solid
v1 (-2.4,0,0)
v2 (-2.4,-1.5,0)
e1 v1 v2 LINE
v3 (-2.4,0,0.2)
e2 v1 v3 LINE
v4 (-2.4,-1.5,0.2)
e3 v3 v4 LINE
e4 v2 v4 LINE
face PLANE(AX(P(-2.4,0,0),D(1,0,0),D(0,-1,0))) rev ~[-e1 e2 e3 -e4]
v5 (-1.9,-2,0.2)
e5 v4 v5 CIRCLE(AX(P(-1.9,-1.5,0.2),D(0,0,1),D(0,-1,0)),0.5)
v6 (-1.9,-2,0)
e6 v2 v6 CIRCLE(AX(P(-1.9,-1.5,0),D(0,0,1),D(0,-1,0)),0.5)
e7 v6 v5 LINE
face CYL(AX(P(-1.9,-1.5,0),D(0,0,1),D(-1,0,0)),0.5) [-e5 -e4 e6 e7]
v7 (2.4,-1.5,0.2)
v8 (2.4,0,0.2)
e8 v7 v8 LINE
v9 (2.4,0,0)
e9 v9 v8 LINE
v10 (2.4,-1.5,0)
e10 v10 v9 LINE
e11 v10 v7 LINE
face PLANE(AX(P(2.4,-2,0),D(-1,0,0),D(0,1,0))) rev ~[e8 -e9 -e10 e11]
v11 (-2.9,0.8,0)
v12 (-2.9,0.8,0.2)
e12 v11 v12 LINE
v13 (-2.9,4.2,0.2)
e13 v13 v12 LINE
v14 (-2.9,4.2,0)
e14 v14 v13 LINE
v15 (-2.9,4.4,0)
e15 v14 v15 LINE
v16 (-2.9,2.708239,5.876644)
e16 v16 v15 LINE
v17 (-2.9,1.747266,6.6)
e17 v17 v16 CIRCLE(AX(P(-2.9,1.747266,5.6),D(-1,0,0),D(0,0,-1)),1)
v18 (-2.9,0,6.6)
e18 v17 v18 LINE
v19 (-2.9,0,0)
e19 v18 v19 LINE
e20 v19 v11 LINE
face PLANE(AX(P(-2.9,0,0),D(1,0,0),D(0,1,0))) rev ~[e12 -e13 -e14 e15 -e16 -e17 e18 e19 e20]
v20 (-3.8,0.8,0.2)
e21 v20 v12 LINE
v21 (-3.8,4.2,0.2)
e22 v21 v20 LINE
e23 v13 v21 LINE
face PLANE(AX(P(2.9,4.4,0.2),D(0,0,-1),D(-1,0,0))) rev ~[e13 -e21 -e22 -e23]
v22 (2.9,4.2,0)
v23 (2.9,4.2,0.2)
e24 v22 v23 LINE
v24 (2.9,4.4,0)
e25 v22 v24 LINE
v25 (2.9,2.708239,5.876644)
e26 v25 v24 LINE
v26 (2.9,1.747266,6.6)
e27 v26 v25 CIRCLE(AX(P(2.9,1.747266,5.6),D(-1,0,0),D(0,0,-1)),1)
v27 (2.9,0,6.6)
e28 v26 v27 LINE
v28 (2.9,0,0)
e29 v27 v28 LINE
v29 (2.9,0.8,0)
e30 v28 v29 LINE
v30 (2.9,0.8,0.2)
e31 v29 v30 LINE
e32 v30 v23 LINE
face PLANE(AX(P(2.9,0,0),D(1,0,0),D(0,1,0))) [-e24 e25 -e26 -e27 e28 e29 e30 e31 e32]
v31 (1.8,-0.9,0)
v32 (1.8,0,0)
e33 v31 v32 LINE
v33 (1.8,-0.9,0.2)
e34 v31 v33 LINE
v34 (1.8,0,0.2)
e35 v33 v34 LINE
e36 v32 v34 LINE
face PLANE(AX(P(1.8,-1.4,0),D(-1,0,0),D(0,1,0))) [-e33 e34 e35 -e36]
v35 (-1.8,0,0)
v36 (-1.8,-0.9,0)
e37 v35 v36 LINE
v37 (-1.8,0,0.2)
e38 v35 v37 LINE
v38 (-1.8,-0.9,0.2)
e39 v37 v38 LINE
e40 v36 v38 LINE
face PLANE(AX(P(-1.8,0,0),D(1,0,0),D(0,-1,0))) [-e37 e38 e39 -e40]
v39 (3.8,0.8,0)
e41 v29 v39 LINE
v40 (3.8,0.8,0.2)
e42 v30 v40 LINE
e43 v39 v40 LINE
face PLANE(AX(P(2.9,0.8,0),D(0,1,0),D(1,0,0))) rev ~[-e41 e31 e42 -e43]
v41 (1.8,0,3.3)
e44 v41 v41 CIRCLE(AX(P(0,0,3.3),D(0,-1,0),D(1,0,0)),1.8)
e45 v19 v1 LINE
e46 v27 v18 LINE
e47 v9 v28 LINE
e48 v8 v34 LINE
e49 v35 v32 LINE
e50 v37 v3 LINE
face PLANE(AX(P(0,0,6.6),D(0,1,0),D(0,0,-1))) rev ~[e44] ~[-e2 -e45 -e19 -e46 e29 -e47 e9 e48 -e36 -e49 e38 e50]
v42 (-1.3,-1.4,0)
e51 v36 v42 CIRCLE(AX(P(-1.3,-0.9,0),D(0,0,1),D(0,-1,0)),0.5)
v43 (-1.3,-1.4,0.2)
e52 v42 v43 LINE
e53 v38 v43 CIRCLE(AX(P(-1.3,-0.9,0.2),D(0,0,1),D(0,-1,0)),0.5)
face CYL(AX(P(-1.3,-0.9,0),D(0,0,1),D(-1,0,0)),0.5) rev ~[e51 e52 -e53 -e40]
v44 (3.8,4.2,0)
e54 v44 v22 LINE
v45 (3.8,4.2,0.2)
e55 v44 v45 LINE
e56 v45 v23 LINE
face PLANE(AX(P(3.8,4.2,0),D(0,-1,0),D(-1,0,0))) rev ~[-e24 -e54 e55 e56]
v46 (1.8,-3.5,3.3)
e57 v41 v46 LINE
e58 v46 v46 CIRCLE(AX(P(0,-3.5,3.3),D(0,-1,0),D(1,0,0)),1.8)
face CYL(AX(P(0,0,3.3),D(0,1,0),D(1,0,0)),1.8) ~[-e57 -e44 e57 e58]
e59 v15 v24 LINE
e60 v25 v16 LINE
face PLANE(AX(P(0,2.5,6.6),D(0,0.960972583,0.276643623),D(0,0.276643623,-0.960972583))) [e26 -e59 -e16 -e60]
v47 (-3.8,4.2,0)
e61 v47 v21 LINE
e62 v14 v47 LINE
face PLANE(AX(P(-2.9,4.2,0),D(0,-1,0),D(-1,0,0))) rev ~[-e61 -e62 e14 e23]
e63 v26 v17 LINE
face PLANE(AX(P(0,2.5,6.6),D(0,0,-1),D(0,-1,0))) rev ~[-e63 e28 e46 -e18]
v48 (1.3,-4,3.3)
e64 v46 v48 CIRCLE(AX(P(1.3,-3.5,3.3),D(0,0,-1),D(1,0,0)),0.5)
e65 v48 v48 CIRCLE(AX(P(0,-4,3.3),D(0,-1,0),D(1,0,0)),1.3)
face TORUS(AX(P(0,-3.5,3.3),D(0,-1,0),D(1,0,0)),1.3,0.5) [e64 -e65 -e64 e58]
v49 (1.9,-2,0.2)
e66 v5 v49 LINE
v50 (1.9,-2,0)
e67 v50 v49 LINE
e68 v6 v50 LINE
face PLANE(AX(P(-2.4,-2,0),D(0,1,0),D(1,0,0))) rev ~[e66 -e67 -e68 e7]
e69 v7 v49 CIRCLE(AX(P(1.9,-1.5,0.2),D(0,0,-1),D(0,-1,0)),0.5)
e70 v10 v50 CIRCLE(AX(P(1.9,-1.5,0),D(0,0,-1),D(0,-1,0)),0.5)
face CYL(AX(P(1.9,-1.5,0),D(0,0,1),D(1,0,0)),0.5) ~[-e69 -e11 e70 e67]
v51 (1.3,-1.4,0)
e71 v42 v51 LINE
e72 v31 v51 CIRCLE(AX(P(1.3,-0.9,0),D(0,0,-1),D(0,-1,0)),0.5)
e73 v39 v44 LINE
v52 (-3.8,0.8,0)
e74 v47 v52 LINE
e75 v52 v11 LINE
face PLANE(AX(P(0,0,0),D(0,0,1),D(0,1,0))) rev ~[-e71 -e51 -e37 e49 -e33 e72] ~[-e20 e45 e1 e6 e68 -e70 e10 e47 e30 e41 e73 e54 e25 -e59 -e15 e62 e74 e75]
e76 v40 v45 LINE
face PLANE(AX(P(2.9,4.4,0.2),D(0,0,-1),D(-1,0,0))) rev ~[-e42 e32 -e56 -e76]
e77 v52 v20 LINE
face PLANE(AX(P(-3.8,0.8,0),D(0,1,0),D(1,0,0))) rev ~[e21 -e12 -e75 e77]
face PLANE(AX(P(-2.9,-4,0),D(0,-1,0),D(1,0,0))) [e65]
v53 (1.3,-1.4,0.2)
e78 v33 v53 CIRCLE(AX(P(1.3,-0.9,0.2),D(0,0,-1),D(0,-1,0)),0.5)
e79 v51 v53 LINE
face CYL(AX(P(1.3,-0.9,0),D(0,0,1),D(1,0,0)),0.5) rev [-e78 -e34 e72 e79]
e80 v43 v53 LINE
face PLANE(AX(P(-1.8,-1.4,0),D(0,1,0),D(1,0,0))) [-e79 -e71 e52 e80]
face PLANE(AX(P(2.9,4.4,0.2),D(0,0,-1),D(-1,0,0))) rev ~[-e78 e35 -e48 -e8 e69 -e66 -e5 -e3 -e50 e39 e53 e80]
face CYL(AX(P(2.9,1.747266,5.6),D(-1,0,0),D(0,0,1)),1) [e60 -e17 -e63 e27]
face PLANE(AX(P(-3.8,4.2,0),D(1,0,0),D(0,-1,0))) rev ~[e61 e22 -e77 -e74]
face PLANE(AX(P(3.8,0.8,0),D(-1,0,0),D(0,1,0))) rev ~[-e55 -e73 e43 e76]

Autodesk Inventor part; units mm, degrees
ref_plane "YZ Plane" through (0, 0, 0) normal (1, 0, 0) x (0, 1, 0)
ref_plane "XZ Plane" through (0, 0, 0) normal (0, 1, 0) x (-1, 0, 0)
ref_plane "XY Plane" through (0, 0, 0) normal (0, 0, 1) x (1, 0, 0)
sketch "Skizze2" plane through (0, 0, 0) normal (1, 0, 0) x (0, 1, 0)
  line L0 (0, 0) -> (4.4, 0)
  line L1 (2.5, 6.6) -> (0, 6.6)
  line L2 (0, 6.6) -> (0, 0)
  line L3 (2.5, 6.6) -> (4.4, 0)
  line L4 (-0.88, 0) -> (5.28, 0) projected
  line L5 (0, 7.92) -> (0, -1.32) projected
  dimension "d2" = 6.6
  dimension "d3" = 2.5
  dimension "d4" = 4.4
extrude "Extrusion1" add sketch "Skizze2" along normal mid plane 5.8
sketch "Skizze3" plane through (-2.9, 0, 0) normal (0, -1, 0) x (1, 0, 0)
  line L0 (5.8, 0) -> (0, 0) projected
  line L1 (5.8, 6.6) -> (5.8, 0) projected
  line L2 (0, 6.6) -> (5.8, 6.6) projected
  line L3 (0, 0) -> (0, 6.6) projected
  line L4 (0, 6.6) -> (0, 0) construction
  line L5 (0, 3.3) -> (5.8, 3.3) construction
  line L6 (5.8, 0) -> (5.8, 6.6) construction
  line L7 (0, 6.6) -> (5.8, 6.6) construction
  line L8 (2.9, 6.6) -> (2.9, 0) construction
  circle A0 centre (2.9, 3.3) radius 1.8
  dimension "d7" = 3.6
extrude "Extrusion2" add sketch "Skizze3" along normal blind 4 contours A0
sketch "Skizze4" plane through (2.9, 4.4, 0) normal (0, 0, -1) x (-1, 0, 0)
  line L0 (5.8, 0) -> (0, 0) projected
  line L1 (0, -4.4) -> (0, 0) projected
  line L2 (0, -4.4) -> (5.8, -4.4) projected
  line L3 (5.8, 0) -> (5.8, -4.4) projected
  line L4 (0, -4.4) -> (0, 0) projected
  line L5 (0, -3.6) -> (-0.9, -3.6)
  line L6 (-0.9, -3.6) -> (-0.9, -0.2)
  line L7 (-0.9, -0.2) -> (0, -0.2)
  line L8 (0, -0.2) -> (0, -3.6)
  line L9 (5.8, -4.4) -> (0, -4.4) projected
  line L10 (5.3, -4.4) -> (5.3, -6.4)
  line L11 (5.3, -6.4) -> (0.5, -6.4)
  line L12 (0.5, -6.4) -> (0.5, -4.4)
  line L13 (2.9, -4.4) -> (2.9, 0) construction
  line L14 (5.8, 0) -> (0, 0) construction
  line L15 (4.7, -4.4) -> (4.7, -5.8)
  line L16 (4.7, -5.8) -> (1.1, -5.8)
  line L17 (1.1, -5.8) -> (1.1, -4.4)
  line L18 (0.5, -4.4) -> (1.1, -4.4)
  line L19 (4.7, -4.4) -> (5.3, -4.4)
  line L20 (0, -4.4) -> (5.8, -4.4) projected
  line L21 (5.8, -1.9) -> (5.8, 0) projected
  line L22 (5.8, -0.2) -> (6.7, -0.2)
  line L23 (6.7, -0.2) -> (6.7, -3.6)
  line L24 (6.7, -3.6) -> (5.8, -3.6)
  line L25 (5.8, -3.6) -> (5.8, -0.2)
  dimension "d10" = 0.8
  dimension "d11" = 3.4
  dimension "d12" = 0.9
  dimension "d13" = 2
  dimension "d14" = 4.8
  dimension "d16" = 0.6
  dimension "d17" = 0.6
  dimension "d18" = 0.9
extrude "Extrusion3" add sketch "Skizze4" against normal blind 0.2 contours L22 L23 L24 L3 | L1 L5 L6 L7 | L2 L17 L16 L15 L10 L11 L12
fillet "Rundung1" radius 1 1 edges at (0, 2.5, 6.6)
fillet "Rundung2" radius 0.5 1 edges at (-1.8, -4, 3.3)
fillet "Rundung3" radius 0.5 4 edges at (-2.4, -2, 0.1) (2.4, -2, 0.1) (1.8, -1.4, 0.1) (-1.8, -1.4, 0.1)
equation "\"d17\" = d16"
equation "\"d18\" = d12"
properties part number "KT11P4" material "PC/ABS-Kunststoff"
